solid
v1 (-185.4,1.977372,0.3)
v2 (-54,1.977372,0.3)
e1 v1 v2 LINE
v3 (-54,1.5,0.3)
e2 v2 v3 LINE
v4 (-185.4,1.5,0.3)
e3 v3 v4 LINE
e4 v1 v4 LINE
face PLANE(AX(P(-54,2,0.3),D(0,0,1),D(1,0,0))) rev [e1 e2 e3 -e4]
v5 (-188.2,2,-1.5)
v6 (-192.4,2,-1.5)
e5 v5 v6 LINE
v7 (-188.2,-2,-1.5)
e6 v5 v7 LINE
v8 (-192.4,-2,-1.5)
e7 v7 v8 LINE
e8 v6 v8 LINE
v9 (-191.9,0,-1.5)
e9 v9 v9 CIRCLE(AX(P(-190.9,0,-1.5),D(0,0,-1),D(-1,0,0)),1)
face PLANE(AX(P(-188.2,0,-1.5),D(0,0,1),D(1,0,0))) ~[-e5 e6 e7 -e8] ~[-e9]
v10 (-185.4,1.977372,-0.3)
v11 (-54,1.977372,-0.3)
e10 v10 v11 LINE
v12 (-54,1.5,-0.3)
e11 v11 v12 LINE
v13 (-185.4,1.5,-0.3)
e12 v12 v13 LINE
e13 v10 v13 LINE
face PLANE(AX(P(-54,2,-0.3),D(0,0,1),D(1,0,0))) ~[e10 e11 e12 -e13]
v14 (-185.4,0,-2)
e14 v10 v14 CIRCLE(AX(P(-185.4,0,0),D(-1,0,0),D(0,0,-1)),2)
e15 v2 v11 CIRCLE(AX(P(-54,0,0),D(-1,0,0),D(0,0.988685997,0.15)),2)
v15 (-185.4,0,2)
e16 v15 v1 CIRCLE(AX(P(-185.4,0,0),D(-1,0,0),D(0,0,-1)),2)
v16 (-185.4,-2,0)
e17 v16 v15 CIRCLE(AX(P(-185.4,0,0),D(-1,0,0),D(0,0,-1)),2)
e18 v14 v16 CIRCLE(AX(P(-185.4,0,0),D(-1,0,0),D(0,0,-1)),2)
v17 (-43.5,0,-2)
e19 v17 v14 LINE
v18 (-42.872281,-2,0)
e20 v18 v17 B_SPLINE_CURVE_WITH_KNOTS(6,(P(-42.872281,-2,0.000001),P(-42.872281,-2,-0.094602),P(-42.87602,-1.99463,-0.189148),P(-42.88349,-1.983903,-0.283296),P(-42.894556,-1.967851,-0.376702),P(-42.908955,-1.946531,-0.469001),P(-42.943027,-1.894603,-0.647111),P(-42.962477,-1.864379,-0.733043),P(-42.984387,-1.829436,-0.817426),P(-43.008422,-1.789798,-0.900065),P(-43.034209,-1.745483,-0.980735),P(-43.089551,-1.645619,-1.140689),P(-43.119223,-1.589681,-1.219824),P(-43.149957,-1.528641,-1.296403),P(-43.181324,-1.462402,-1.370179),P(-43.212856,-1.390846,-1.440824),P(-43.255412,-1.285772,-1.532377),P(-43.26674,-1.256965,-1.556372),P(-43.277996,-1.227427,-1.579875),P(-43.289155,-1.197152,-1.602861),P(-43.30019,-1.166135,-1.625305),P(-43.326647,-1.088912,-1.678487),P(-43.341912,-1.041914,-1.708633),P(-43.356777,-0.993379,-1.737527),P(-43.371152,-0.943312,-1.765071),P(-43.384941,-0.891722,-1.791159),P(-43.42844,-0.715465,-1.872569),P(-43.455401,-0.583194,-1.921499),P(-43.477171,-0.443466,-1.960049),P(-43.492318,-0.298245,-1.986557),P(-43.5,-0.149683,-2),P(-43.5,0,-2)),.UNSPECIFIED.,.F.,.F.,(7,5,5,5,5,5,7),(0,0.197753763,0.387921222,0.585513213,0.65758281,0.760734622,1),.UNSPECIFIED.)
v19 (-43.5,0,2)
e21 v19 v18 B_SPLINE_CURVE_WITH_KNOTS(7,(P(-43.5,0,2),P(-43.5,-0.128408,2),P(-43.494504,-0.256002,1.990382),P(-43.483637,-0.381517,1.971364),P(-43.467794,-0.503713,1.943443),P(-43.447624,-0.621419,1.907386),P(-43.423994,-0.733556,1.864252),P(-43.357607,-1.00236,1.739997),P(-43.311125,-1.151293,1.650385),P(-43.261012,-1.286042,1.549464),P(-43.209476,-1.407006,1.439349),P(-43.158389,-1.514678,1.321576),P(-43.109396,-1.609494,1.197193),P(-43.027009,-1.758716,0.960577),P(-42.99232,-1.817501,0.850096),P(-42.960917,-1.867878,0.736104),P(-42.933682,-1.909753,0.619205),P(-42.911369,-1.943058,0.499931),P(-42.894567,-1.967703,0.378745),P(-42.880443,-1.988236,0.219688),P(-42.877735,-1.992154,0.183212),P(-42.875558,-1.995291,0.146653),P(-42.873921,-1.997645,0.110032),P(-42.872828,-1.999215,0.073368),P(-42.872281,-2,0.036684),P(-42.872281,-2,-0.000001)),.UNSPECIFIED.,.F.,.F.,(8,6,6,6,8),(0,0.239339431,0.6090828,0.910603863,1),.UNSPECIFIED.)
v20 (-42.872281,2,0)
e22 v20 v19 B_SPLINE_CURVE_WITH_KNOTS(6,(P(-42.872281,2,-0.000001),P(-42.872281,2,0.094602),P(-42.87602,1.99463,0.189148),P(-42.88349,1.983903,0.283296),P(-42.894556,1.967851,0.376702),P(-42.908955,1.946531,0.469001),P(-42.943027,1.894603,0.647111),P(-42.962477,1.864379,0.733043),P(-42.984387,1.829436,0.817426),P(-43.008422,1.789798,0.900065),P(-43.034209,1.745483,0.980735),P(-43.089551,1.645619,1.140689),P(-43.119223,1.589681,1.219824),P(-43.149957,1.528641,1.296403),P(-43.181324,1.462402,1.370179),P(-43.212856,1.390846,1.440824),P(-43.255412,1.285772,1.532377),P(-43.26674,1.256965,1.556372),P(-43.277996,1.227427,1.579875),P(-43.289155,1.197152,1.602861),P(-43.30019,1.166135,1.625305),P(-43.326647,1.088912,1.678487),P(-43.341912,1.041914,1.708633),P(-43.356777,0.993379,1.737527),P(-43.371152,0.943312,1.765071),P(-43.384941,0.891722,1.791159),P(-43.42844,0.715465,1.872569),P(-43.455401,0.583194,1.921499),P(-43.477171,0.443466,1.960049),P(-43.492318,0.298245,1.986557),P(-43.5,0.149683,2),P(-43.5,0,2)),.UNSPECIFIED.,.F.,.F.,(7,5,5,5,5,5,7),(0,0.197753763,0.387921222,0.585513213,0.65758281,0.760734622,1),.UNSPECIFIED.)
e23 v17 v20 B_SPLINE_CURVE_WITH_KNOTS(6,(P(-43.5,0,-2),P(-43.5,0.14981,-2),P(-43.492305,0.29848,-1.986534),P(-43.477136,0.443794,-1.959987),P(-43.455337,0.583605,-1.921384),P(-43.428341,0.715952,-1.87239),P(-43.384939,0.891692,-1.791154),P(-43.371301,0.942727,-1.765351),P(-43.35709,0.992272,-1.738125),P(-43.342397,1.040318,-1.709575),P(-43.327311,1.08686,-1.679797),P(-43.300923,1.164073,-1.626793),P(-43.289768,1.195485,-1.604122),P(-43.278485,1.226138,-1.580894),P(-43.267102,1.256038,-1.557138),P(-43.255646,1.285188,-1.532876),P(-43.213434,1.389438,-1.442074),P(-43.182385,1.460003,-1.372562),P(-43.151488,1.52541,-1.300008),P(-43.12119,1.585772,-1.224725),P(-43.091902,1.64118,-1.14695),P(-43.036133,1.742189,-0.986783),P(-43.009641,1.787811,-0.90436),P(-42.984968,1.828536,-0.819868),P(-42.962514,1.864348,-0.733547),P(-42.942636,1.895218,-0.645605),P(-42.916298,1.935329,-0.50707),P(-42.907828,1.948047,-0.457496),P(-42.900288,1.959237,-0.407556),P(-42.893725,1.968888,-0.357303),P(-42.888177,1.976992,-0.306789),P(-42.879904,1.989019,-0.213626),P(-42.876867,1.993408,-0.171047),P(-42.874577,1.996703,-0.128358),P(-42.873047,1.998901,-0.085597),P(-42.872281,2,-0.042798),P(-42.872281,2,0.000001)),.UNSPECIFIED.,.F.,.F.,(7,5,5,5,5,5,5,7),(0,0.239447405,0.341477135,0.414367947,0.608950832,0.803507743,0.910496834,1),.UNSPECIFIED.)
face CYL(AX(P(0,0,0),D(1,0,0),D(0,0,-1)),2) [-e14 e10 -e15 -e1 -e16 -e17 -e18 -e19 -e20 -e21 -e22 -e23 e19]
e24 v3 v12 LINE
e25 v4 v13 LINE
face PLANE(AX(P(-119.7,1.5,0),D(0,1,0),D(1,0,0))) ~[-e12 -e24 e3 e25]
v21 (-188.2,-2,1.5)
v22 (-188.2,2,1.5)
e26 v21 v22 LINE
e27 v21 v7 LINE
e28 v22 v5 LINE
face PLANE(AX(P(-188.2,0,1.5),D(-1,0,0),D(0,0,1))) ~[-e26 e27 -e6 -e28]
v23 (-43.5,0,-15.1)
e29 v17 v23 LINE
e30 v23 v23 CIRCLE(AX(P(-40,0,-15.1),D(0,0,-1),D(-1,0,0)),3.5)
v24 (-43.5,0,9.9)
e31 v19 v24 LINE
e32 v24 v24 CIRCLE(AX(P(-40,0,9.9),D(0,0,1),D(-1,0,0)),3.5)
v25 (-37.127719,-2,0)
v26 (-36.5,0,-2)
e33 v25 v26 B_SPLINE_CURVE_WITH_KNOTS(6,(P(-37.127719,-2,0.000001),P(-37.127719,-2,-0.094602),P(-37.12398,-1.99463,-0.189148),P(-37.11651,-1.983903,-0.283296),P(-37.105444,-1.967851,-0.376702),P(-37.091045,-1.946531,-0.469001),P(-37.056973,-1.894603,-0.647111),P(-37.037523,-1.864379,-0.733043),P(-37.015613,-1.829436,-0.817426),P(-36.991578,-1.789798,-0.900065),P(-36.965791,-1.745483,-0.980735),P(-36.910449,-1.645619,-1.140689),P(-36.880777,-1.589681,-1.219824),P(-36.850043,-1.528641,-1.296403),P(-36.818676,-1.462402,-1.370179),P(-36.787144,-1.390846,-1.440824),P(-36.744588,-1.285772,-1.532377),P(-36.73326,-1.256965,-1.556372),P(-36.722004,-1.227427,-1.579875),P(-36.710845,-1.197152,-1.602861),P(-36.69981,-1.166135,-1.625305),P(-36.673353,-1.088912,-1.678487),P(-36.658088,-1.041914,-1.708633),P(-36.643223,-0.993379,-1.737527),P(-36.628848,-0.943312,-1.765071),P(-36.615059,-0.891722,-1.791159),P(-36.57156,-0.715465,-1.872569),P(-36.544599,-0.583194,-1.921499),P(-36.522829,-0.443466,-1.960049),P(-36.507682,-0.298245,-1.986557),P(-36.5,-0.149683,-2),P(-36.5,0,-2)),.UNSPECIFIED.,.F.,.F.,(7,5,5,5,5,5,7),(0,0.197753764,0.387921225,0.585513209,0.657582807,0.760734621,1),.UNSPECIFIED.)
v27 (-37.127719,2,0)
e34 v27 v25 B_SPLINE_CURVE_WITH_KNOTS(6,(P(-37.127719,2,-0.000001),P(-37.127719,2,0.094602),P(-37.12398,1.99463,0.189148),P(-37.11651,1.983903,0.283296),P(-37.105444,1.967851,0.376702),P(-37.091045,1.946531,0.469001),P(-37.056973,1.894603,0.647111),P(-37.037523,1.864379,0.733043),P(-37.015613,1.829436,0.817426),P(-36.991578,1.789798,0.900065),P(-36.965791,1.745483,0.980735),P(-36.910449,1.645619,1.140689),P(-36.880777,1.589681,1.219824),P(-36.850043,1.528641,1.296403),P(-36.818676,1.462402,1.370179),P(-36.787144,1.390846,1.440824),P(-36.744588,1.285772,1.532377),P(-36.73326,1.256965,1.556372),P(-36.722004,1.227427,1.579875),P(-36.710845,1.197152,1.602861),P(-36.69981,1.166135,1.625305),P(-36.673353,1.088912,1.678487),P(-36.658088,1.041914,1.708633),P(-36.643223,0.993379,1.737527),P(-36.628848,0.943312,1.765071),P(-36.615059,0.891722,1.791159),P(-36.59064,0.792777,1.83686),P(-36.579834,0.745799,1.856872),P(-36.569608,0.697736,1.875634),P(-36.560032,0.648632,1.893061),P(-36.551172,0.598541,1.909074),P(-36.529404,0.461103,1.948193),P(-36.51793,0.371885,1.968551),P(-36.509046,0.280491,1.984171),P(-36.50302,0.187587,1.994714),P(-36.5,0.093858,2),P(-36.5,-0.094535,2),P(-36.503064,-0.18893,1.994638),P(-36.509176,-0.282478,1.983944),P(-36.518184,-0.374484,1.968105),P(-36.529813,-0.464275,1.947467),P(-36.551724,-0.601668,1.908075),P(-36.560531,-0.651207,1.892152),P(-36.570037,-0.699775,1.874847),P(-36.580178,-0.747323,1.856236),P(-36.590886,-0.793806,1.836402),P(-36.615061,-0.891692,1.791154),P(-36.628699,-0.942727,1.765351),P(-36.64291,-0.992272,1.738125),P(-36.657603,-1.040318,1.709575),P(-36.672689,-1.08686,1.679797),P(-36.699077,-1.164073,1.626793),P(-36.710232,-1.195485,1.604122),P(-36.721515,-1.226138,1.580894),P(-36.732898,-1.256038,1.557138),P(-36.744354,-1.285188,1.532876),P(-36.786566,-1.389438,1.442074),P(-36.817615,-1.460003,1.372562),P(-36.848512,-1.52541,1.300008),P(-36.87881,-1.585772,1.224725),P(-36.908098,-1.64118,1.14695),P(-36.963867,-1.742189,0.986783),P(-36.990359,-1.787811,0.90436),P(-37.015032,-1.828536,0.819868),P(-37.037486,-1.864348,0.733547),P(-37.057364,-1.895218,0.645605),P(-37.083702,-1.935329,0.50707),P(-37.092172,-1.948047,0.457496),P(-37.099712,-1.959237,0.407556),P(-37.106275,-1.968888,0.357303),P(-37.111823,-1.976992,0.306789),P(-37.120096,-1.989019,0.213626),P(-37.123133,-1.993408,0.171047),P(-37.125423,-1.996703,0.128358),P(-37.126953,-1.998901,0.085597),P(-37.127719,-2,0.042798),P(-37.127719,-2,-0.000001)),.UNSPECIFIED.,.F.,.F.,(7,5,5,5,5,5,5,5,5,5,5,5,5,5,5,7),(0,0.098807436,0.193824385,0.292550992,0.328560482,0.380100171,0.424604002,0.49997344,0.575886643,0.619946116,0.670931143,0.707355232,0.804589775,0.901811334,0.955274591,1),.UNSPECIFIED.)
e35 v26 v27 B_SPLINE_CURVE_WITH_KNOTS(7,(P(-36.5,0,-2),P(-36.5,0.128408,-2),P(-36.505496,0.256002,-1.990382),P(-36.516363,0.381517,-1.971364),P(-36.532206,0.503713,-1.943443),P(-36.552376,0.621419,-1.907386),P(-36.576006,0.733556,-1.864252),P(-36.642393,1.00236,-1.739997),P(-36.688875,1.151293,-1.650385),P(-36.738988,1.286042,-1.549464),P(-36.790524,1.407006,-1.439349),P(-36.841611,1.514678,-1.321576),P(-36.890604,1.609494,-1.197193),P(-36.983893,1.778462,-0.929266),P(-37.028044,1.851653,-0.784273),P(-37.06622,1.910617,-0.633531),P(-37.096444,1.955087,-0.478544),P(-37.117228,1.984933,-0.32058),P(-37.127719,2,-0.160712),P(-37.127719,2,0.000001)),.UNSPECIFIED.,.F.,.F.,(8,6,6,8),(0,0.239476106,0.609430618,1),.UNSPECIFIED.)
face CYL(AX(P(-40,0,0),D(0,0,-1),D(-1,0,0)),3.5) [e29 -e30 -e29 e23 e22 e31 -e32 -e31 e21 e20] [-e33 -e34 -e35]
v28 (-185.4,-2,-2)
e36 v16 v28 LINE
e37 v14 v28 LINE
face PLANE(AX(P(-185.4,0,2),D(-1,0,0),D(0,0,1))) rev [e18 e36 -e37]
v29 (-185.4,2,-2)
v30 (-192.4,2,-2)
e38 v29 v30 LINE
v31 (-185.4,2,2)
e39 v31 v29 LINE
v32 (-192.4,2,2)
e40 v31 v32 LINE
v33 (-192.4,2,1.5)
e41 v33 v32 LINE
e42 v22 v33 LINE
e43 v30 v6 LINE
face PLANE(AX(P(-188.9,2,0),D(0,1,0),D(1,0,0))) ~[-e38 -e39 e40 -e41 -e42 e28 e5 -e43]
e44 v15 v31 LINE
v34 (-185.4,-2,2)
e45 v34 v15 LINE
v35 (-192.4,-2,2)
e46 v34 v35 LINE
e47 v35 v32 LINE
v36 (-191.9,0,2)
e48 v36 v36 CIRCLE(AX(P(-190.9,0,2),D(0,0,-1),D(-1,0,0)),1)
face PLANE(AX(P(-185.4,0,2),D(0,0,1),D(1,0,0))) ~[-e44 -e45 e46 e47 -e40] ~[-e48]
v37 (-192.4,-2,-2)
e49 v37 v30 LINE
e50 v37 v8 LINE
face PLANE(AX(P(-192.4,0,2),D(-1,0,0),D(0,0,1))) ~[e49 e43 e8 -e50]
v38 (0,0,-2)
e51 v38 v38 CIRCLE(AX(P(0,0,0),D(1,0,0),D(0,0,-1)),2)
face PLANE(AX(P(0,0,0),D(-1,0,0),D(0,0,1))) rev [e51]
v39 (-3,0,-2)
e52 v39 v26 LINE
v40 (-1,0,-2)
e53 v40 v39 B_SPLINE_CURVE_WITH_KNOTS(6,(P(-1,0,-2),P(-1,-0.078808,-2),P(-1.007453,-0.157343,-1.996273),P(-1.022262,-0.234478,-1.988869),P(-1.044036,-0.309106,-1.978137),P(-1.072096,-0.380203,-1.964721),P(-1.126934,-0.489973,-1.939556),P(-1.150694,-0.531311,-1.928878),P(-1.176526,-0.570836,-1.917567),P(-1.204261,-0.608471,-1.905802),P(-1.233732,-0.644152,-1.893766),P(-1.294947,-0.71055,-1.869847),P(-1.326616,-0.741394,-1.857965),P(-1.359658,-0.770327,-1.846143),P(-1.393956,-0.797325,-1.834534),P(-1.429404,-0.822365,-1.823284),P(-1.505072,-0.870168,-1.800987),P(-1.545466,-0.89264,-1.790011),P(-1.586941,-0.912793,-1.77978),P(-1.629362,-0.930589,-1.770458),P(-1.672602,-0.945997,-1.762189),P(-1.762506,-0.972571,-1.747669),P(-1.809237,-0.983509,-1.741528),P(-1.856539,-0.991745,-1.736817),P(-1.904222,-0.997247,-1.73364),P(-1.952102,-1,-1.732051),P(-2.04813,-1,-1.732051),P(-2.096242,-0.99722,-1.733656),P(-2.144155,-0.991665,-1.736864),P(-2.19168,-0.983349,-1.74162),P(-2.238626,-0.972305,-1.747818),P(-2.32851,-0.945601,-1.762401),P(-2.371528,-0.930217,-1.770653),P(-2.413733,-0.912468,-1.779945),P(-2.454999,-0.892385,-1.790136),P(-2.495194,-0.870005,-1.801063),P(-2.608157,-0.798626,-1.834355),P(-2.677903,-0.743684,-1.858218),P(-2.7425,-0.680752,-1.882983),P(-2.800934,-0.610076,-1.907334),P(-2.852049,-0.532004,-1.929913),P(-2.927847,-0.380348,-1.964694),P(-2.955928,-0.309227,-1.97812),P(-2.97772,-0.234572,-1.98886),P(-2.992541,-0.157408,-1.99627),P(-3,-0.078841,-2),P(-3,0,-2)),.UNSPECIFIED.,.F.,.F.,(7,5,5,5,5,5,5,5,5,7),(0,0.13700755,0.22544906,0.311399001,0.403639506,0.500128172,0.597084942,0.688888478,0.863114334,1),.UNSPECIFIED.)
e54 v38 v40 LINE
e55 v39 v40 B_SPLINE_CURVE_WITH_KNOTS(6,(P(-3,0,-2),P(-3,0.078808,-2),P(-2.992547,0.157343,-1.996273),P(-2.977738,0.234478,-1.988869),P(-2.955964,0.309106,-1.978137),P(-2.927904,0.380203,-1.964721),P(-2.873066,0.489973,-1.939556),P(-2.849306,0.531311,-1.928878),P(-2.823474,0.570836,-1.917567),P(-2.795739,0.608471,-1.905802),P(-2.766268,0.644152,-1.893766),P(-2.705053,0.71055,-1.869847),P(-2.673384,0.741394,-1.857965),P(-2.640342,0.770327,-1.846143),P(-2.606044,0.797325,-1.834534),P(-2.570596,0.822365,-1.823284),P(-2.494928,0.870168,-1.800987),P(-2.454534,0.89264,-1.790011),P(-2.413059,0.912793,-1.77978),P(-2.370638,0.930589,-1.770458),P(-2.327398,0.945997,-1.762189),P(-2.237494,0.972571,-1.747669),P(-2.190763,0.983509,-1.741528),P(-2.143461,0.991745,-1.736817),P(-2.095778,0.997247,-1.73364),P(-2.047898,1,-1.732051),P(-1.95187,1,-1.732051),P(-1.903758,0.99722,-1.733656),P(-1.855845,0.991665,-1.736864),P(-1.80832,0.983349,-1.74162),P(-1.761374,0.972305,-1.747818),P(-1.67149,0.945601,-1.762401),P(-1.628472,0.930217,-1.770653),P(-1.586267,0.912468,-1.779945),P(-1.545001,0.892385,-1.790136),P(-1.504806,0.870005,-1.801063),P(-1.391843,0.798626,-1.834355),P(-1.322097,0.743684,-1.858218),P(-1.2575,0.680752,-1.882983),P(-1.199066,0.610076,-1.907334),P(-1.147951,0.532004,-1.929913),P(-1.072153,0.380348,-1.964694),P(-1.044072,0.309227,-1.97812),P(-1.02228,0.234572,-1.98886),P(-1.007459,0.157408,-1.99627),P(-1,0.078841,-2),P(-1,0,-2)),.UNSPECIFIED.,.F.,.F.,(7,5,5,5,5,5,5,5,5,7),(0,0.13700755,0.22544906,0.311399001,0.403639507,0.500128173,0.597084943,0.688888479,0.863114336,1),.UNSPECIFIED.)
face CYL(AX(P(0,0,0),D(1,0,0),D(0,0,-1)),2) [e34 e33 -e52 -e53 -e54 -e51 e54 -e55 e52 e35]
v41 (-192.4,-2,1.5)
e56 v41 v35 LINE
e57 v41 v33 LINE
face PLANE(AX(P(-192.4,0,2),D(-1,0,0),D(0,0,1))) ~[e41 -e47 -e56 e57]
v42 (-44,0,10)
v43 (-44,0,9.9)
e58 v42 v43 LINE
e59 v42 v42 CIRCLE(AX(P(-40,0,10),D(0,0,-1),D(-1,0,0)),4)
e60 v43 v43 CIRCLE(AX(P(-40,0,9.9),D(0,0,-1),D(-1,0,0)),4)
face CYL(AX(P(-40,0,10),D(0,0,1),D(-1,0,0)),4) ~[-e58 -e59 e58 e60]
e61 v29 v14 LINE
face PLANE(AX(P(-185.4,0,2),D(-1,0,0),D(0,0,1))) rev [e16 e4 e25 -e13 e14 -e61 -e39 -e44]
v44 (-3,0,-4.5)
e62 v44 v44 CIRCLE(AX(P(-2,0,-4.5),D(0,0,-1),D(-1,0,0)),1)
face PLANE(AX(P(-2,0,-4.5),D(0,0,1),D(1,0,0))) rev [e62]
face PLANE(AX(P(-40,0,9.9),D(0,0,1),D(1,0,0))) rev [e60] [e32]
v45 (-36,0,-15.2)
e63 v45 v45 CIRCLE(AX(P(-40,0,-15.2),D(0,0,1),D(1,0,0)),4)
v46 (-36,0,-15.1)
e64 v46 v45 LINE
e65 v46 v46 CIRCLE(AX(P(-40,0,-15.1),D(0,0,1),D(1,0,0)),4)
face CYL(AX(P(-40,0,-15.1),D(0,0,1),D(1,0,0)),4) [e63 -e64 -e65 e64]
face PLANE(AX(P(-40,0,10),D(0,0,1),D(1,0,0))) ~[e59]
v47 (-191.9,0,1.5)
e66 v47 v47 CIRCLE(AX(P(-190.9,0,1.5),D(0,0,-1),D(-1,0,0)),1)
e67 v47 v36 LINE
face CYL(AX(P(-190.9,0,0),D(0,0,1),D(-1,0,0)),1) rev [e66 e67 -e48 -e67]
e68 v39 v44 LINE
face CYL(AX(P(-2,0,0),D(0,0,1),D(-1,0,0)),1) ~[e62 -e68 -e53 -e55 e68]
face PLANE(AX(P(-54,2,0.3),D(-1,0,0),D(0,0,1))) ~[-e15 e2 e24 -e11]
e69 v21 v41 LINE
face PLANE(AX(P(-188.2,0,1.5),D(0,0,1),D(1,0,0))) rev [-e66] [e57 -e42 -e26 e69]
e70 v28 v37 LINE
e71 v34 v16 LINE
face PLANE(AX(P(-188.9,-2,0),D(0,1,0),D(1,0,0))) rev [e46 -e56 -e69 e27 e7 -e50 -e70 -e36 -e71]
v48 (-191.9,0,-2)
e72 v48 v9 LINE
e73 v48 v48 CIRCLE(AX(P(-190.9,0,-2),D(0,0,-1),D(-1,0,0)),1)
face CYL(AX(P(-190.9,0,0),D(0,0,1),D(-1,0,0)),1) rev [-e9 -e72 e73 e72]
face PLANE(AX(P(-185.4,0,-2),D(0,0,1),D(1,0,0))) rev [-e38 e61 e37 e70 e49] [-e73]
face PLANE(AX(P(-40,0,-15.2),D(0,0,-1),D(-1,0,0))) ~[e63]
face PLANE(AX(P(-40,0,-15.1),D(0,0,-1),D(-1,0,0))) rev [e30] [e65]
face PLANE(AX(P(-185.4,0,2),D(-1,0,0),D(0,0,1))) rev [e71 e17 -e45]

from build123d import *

# Parameters (mm, degrees)
SKETCH_1_R           = 2
EXTRUDE_1_DEPTH      = 192.4
SKETCH_2_R           = 1
EXTRUDE_2_DEPTH      = 4.5
SKETCH_3_R           = 3.5
EXTRUDE_3_DEPTH      = 10
EXTRUDE_3_DEPTH_BACK = 15.1
SKETCH_4_R           = 4
EXTRUDE_4_DEPTH      = 0.1
SKETCH_5_R           = 4
EXTRUDE_5_DEPTH      = 0.1
SKETCH_6_W           = 7
SKETCH_6_H           = 4
EXTRUDE_6_DEPTH      = 2
SKETCH_7_W           = 4.2
SKETCH_7_H           = 3
CUT_EXTRUDE_1_DEPTH  = 2
SKETCH_8_R           = 1
CUT_EXTRUDE_2_DEPTH  = 2
SKETCH_9_W           = 131.4
SKETCH_9_H           = 0.6
CUT_EXTRUDE_3_DEPTH  = 0.5


with BuildPart() as part:
    # 草图1 → 凸台-拉伸1 (new body)
    with BuildSketch(Plane(origin=(0, 0, 0), x_dir=(0, 0, -1), z_dir=(1, 0, 0))):
        Circle(SKETCH_1_R)
    extrude(amount=EXTRUDE_1_DEPTH)

    # 草图2 → 凸台-拉伸2 (add)
    with BuildSketch(Plane.XY):
        with Locations((2, 0)):
            Circle(SKETCH_2_R)
    extrude(amount=-EXTRUDE_2_DEPTH)

    # 草图3 → 凸台-拉伸3 (add, two sides)
    with BuildSketch(Plane.XY) as extrude_3_sk:
        with Locations((40, 0)):
            Circle(SKETCH_3_R)
    extrude(amount=EXTRUDE_3_DEPTH)
    extrude(extrude_3_sk.sketch, amount=-EXTRUDE_3_DEPTH_BACK)

    # 草图4 → 凸台-拉伸4 (add)
    with BuildSketch(Plane.XY.offset(10)):
        with Locations((40, 0)):
            Circle(SKETCH_4_R)
    extrude(amount=-EXTRUDE_4_DEPTH)

    # 草图5 → 凸台-拉伸5 (add)
    with BuildSketch(Plane(origin=(0, 0, -15.1), x_dir=(-1, 0, 0), z_dir=(0, 0, -1))):
        with Locations((-40, 0)):
            Circle(SKETCH_5_R)
    extrude(amount=EXTRUDE_5_DEPTH)

    # 草图6 → 凸台-拉伸6 (add, symmetric)
    with BuildSketch(Plane(origin=(0, 0, 0), x_dir=(1, 0, 0), z_dir=(0, 1, 0))):
        with Locations((188.9, 0)):
            Rectangle(SKETCH_6_W, SKETCH_6_H)
    extrude(amount=EXTRUDE_6_DEPTH, both=True)

    # 草图7 → 切除-拉伸1 (cut, symmetric)
    with BuildSketch(Plane(origin=(0, 0, 0), x_dir=(1, 0, 0), z_dir=(0, 1, 0))):
        with Locations((190.3, 0)):
            Rectangle(SKETCH_7_W, SKETCH_7_H)
    extrude(amount=CUT_EXTRUDE_1_DEPTH, both=True, mode=Mode.SUBTRACT)

    # 草图8 → 切除-拉伸2 (cut, symmetric)
    with BuildSketch(Plane.XY):
        with Locations((190.9, 0)):
            Circle(SKETCH_8_R)
    extrude(amount=CUT_EXTRUDE_2_DEPTH, both=True, mode=Mode.SUBTRACT)

    # 草图9 → 切除-拉伸3 (cut)
    with BuildSketch(Plane(origin=(0, 2, 0), x_dir=(1, 0, 0), z_dir=(0, 1, 0))):
        with Locations((119.7, 0)):
            Rectangle(SKETCH_9_W, SKETCH_9_H)
    extrude(amount=-CUT_EXTRUDE_3_DEPTH, mode=Mode.SUBTRACT)


with BuildPart() as body_2:
    # 镜向1: mirrored copy
    add(part.part.mirror(Plane(origin=(0, 0, 0), x_dir=(0, 0, 1), z_dir=(1, 0, 0))))


solid = body_2.part
